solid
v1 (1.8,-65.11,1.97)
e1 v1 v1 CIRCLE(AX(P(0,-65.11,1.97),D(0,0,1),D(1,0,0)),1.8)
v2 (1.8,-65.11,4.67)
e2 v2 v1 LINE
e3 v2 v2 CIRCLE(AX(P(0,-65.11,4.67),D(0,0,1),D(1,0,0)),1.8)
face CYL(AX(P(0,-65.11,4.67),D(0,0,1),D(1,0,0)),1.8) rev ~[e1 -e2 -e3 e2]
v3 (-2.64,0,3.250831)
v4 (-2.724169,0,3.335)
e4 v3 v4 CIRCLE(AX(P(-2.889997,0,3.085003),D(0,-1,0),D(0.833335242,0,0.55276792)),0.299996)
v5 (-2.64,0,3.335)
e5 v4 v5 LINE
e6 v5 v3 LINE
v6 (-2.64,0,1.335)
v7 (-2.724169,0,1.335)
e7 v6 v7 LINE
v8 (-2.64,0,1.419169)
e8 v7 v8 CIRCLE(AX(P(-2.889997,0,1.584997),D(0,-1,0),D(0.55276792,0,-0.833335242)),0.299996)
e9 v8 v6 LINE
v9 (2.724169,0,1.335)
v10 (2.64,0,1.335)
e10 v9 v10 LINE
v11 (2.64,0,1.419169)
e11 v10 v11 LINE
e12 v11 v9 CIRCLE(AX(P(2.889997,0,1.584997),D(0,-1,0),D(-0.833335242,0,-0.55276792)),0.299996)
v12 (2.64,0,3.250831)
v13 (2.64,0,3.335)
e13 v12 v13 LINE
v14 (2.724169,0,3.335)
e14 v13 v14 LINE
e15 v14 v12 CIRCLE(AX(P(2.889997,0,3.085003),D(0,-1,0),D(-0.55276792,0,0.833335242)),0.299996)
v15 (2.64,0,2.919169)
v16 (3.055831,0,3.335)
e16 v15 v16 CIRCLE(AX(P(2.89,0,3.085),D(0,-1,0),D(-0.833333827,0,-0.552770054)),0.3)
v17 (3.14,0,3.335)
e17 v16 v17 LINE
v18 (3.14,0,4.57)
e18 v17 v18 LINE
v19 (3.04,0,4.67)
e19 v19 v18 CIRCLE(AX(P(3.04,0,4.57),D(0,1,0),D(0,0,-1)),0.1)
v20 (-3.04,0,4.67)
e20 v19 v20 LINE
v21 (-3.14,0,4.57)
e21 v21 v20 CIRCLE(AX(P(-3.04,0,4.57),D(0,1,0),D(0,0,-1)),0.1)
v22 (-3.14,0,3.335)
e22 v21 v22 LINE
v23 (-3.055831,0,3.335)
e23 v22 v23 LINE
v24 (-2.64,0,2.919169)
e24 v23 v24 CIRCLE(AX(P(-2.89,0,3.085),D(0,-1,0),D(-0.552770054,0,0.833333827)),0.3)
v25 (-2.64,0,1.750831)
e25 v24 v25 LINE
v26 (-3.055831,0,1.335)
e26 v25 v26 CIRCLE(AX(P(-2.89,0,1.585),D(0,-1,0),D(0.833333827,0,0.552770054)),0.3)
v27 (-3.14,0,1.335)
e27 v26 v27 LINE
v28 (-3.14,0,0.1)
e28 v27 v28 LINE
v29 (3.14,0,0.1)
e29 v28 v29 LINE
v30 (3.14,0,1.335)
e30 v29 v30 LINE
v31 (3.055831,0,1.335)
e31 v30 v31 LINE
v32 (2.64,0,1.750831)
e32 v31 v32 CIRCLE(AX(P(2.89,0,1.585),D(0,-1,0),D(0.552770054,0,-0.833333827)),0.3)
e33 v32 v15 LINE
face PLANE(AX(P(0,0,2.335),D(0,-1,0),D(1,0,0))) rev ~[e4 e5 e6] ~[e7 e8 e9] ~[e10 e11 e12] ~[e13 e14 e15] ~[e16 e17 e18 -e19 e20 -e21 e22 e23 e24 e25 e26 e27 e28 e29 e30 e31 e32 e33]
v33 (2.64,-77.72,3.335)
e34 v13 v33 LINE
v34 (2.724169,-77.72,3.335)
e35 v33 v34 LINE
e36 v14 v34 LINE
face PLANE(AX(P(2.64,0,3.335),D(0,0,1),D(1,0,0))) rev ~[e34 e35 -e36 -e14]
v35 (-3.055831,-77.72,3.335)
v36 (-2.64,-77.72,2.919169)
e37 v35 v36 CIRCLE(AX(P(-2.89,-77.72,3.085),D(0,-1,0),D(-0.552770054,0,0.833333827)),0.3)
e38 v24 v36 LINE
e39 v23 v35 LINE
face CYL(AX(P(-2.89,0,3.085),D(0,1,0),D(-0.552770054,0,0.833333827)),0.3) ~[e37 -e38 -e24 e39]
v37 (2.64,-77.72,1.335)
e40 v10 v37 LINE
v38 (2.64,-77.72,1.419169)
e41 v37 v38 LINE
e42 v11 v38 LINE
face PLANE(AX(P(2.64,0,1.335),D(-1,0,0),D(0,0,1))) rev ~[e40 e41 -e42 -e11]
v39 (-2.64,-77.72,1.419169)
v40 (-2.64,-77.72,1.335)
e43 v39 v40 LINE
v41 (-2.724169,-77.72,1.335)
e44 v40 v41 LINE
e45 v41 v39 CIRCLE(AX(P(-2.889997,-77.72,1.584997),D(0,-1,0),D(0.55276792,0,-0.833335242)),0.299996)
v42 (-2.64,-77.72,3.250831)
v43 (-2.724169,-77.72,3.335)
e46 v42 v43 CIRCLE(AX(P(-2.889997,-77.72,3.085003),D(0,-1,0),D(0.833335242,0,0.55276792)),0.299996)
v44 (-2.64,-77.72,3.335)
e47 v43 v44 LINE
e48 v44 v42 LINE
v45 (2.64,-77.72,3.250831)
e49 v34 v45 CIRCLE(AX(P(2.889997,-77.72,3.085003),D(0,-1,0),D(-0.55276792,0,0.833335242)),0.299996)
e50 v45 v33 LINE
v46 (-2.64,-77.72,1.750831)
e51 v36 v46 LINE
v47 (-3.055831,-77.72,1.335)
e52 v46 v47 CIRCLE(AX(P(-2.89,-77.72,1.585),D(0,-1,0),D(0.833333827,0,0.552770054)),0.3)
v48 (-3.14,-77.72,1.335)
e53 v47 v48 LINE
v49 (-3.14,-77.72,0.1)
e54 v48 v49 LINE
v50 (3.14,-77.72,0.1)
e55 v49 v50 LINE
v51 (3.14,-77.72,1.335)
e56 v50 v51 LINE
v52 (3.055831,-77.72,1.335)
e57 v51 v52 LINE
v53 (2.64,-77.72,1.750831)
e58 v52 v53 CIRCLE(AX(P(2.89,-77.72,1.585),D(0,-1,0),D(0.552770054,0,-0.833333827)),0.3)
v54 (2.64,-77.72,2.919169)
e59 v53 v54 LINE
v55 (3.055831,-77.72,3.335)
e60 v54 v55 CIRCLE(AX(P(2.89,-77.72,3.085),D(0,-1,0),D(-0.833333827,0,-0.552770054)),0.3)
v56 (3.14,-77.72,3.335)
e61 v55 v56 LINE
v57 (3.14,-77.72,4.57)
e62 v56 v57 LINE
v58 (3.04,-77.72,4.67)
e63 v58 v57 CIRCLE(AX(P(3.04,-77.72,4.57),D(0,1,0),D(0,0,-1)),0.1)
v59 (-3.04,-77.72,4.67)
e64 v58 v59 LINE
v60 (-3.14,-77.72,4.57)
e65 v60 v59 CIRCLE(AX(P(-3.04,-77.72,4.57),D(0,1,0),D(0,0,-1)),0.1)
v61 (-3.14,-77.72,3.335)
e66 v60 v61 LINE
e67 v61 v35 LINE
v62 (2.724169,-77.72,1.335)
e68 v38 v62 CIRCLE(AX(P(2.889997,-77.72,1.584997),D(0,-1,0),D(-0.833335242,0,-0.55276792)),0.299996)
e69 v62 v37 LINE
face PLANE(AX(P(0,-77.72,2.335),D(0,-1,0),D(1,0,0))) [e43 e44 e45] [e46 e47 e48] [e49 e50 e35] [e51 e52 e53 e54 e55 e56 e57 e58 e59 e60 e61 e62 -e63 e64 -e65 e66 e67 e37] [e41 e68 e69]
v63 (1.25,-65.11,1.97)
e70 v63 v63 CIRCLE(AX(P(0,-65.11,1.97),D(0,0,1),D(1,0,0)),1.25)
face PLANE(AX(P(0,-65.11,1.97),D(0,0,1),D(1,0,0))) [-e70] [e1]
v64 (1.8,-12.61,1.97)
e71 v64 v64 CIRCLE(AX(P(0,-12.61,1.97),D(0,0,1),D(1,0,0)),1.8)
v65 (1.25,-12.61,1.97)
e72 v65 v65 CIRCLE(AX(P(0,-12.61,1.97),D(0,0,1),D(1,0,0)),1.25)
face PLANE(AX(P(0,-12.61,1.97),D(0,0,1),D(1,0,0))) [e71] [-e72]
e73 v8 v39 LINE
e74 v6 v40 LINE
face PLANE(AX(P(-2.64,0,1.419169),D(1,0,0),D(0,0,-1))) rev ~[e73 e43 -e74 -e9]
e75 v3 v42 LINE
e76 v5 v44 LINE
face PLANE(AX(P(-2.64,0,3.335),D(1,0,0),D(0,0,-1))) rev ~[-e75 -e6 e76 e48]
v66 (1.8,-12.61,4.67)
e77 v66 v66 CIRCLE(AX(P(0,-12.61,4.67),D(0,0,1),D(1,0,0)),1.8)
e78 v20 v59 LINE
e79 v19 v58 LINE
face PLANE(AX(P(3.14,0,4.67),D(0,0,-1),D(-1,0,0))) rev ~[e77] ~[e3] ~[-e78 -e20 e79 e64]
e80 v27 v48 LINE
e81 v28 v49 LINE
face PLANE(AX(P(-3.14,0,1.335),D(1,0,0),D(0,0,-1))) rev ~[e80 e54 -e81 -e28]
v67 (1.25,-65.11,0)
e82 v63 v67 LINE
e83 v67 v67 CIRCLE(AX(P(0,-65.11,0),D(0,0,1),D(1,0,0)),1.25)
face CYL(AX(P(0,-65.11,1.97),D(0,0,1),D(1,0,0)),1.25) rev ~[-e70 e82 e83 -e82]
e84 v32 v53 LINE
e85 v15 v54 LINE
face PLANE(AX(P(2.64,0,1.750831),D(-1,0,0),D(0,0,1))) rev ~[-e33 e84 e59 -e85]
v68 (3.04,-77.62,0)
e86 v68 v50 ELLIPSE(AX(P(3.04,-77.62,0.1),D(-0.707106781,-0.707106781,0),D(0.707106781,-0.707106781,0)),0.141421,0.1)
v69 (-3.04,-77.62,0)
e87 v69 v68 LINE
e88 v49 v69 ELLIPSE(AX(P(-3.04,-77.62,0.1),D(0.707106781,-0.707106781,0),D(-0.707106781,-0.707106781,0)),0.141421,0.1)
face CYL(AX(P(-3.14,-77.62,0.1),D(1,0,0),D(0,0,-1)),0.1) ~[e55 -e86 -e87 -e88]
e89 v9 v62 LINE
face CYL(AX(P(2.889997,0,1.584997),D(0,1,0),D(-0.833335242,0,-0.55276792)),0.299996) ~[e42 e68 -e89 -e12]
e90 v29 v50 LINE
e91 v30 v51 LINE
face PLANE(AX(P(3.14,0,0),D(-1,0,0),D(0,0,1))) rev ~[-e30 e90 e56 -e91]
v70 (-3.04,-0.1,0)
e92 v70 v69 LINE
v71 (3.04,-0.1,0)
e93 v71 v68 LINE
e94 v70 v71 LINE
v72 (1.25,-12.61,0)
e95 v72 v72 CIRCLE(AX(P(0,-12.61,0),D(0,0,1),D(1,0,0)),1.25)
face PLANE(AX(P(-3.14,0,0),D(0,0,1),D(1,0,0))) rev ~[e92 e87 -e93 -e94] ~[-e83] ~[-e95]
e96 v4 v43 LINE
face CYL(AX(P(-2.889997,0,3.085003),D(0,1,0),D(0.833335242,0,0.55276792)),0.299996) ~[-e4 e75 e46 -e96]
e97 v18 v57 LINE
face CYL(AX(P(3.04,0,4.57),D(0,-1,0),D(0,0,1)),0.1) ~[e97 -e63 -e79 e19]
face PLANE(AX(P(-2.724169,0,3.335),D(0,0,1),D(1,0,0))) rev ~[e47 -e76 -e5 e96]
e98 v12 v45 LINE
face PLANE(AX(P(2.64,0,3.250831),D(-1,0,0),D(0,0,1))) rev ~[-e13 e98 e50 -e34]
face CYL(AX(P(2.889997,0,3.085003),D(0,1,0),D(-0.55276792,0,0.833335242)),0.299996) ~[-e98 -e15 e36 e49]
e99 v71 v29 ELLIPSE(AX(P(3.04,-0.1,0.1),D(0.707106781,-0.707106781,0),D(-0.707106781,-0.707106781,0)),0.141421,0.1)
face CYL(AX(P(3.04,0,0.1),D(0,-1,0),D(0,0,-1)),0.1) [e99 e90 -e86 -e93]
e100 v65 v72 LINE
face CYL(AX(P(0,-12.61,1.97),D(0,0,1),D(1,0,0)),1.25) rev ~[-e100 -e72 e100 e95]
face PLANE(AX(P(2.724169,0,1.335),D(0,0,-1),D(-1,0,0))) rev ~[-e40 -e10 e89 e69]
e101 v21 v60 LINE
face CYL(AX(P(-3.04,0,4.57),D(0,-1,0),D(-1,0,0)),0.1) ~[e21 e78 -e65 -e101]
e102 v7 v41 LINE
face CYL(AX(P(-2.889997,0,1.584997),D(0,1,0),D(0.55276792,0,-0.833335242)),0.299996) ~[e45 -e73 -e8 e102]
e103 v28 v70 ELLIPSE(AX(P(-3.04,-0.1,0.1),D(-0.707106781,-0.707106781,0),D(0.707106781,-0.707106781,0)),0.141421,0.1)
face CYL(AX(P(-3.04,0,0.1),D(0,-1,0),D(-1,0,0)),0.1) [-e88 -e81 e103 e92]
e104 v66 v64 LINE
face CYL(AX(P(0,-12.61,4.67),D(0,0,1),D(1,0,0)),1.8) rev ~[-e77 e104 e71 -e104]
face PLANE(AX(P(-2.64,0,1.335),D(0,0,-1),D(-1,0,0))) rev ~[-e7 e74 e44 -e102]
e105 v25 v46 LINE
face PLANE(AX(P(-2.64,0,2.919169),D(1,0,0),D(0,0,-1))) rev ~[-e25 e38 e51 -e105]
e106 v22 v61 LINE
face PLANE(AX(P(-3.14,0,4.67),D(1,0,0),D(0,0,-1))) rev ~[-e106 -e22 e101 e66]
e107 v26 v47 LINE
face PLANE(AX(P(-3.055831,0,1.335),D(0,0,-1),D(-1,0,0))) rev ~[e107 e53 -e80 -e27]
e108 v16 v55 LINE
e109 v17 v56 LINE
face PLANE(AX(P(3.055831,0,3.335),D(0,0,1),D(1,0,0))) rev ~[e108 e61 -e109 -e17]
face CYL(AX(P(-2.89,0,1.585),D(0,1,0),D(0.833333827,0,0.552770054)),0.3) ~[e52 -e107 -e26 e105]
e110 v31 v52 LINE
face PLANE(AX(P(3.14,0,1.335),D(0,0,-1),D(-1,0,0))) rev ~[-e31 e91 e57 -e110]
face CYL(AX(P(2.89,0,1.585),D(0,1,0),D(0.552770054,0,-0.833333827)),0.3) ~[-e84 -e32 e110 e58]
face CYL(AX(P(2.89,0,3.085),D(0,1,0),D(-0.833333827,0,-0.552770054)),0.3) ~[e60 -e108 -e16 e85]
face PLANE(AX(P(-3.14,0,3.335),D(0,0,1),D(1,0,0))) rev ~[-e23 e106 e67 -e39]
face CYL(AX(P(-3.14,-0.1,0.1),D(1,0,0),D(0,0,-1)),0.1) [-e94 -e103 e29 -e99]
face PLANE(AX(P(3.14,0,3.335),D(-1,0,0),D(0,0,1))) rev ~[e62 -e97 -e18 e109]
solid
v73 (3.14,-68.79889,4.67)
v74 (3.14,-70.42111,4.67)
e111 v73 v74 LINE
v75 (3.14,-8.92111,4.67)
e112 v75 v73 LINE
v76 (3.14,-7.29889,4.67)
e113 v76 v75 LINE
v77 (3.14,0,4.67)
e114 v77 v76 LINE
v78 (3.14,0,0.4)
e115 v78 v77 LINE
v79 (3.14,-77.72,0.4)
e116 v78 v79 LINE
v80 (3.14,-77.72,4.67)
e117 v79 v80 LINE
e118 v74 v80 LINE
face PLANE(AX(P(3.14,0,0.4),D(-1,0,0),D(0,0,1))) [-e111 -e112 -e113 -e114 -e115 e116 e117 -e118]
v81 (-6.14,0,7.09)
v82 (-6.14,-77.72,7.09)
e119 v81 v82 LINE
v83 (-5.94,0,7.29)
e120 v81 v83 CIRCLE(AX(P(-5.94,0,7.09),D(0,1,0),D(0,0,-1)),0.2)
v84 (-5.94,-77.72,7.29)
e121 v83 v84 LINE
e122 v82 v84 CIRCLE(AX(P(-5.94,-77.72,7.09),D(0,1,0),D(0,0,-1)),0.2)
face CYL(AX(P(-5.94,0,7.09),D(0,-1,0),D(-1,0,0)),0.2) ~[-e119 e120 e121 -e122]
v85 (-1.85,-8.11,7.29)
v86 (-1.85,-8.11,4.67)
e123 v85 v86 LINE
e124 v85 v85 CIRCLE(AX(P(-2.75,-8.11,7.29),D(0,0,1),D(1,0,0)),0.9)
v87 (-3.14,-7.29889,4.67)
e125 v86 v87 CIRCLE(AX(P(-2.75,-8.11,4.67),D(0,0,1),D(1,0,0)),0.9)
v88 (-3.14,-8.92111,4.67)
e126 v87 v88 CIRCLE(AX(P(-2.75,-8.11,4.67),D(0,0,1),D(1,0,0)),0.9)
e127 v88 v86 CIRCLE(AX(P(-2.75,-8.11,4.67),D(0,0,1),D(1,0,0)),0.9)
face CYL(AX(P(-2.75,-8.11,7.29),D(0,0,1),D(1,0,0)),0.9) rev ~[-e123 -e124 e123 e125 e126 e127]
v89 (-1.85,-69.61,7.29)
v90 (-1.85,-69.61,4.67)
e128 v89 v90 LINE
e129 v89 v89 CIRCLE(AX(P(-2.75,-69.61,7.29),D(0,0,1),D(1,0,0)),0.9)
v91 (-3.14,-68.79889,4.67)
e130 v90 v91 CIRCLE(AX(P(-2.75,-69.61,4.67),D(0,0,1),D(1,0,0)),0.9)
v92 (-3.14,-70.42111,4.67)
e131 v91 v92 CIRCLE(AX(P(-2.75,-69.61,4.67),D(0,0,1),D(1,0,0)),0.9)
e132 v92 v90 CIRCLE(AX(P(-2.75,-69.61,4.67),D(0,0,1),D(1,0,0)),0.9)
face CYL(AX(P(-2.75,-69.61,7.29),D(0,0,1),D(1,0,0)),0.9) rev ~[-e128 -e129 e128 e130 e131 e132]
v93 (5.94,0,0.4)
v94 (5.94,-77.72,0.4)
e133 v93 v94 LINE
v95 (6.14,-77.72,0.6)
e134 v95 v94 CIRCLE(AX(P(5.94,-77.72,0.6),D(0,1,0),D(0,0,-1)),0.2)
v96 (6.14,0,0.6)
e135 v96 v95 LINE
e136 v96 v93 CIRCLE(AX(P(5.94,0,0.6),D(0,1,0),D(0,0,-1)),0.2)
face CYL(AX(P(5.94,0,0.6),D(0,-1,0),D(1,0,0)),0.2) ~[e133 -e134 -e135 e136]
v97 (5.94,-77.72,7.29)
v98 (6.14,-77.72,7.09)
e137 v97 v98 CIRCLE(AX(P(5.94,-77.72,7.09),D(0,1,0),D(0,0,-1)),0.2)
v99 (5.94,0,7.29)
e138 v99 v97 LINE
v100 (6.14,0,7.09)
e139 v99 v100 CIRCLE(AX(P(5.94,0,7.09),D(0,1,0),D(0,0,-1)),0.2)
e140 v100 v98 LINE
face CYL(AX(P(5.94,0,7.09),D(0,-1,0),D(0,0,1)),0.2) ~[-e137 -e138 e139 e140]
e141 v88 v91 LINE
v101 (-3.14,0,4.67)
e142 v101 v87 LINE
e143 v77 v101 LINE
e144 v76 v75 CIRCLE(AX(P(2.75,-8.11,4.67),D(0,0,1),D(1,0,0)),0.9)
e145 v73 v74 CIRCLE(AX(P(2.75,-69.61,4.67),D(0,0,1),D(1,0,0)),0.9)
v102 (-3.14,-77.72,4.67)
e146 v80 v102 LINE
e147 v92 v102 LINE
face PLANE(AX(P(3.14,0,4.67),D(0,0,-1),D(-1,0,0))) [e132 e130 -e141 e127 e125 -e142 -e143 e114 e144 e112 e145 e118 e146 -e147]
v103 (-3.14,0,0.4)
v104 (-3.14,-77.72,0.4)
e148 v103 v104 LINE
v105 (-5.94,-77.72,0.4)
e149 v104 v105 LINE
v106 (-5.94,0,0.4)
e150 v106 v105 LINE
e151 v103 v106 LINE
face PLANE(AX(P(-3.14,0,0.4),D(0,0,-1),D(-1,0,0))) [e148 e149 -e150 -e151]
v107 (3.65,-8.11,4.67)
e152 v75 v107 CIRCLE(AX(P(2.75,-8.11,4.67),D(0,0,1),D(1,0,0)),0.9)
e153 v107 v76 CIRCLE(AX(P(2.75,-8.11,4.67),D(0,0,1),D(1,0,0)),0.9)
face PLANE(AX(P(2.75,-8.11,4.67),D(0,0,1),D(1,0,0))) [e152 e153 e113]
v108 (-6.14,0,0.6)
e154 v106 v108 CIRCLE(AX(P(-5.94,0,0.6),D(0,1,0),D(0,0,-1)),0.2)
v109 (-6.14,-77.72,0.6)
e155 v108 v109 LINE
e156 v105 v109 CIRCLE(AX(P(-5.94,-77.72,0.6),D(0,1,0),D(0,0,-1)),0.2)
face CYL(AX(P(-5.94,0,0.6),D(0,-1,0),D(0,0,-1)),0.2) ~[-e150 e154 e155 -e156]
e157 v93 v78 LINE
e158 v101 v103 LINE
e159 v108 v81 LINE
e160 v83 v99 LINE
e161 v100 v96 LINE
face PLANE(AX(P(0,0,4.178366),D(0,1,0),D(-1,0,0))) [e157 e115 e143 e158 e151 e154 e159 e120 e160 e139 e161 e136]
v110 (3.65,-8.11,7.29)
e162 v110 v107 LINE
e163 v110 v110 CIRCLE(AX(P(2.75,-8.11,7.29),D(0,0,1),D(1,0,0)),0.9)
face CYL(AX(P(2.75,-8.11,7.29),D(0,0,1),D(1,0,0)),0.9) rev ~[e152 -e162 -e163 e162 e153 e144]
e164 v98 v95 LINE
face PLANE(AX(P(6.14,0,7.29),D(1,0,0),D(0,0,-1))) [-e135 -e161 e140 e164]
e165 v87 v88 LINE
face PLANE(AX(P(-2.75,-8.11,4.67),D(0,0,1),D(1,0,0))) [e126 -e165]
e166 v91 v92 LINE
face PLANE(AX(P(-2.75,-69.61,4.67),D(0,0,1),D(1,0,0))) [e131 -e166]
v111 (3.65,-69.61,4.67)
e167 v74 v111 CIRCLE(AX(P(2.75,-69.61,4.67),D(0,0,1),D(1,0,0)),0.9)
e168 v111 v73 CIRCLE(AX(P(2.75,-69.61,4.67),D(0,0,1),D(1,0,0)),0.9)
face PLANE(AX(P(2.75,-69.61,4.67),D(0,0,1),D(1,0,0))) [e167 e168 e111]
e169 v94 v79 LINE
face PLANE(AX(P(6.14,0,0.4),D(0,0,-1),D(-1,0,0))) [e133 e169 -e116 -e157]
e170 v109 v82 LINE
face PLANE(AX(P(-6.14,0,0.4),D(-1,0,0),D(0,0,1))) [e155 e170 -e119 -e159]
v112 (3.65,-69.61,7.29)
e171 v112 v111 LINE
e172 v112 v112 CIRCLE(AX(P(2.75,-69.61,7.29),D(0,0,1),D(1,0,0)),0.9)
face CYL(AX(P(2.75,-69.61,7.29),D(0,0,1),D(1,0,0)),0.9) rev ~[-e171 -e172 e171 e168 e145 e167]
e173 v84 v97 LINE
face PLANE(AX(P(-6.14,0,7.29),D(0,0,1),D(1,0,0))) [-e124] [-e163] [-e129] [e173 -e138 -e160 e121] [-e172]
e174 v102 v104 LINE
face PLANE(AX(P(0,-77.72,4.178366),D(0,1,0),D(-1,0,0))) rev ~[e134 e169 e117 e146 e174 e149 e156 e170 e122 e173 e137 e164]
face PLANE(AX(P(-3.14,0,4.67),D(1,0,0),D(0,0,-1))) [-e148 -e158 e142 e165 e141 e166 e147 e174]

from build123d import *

# Parameters (mm, degrees)
F1_DEPTH  = 77.72
F2_R      = 0.1
F3_R      = 1.8
F4_DEPTH  = 2.7
F5_R      = 1.25
F6_DEPTH  = 1.97
F8_DEPTH  = 77.72
F9_R      = 0.2
F10_R     = 0.9
F11_DEPTH = 2.62


with BuildPart() as f1:
    # F0 (on Front) → F1 (new body)
    with BuildSketch(Plane.XZ):
        with BuildLine():
            Line((-3.14, 1.335), (-3.14, 0))
            Line((-3.14, 0), (3.14, 0))
            Line((3.14, 0), (3.14, 1.335))
            Line((3.14, 1.335), (3.055831, 1.335))
            ThreePointArc((3.055831, 1.335), (3.102132, 1.797132), (2.64, 1.750831))
            Line((2.64, 1.750831), (2.64, 2.919169))
            ThreePointArc((2.64, 2.919169), (3.102132, 2.872868), (3.055831, 3.335))
            Line((3.055831, 3.335), (3.14, 3.335))
            Line((3.14, 3.335), (3.14, 4.67))
            Line((3.14, 4.67), (-3.14, 4.67))
            Line((-3.14, 4.67), (-3.14, 3.335))
            Line((-3.14, 3.335), (-3.055831, 3.335))
            ThreePointArc((-3.055831, 3.335), (-3.102132, 2.872868), (-2.64, 2.919169))
            Line((-2.64, 2.919169), (-2.64, 1.750831))
            ThreePointArc((-2.64, 1.750831), (-3.102132, 1.797132), (-3.055831, 1.335))
            Line((-3.055831, 1.335), (-3.14, 1.335))
        make_face()
        with BuildLine():
            Line((-2.64, 1.419169), (-2.64, 1.335))
            Line((-2.64, 1.335), (-2.724169, 1.335))
            ThreePointArc((-2.724169, 1.335), (-2.677868, 1.372868), (-2.64, 1.419169))
        make_face(mode=Mode.SUBTRACT)
        with BuildLine():
            Line((2.64, 1.335), (2.64, 1.419169))
            ThreePointArc((2.64, 1.419169), (2.677868, 1.372868), (2.724169, 1.335))
            Line((2.724169, 1.335), (2.64, 1.335))
        make_face(mode=Mode.SUBTRACT)
        with BuildLine():
            Line((-2.724169, 3.335), (-2.64, 3.335))
            Line((-2.64, 3.335), (-2.64, 3.250831))
            ThreePointArc((-2.64, 3.250831), (-2.677868, 3.297132), (-2.724169, 3.335))
        make_face(mode=Mode.SUBTRACT)
        with BuildLine():
            ThreePointArc((2.724169, 3.335), (2.677868, 3.297132), (2.64, 3.250831))
            Line((2.64, 3.250831), (2.64, 3.335))
            Line((2.64, 3.335), (2.724169, 3.335))
        make_face(mode=Mode.SUBTRACT)
    extrude(amount=F1_DEPTH)

    # F2
    f2_edges = [f1.edges().sort_by_distance(p)[0] for p in [
        (-3.14, -38.86, 4.67),
        (-3.14, -38.86, 0),
        (3.14, -38.86, 0),
        (0, 0, 0),
        (0, -77.72, 0),
        (3.14, -38.86, 4.67),
    ]]
    fillet(f2_edges, radius=F2_R)

    # F3 (on face) → F4 (cut)
    with BuildSketch(Plane.XY.offset(4.67)):
        with Locations((0, -65.11)):
            Circle(F3_R)
        with Locations((0, -12.61)):
            Circle(F3_R)
    extrude(amount=-F4_DEPTH, mode=Mode.SUBTRACT)

    # F5 (on face) → F6 (cut, through all)
    with BuildSketch(Plane.XY.offset(1.97)):
        with Locations((0, -65.11)):
            Circle(F5_R)
        with Locations((0, -12.61)):
            Circle(F5_R)
    extrude(amount=-F6_DEPTH, mode=Mode.SUBTRACT)


with BuildPart() as f8:
    # F7 (on face) → F8 (new body)
    with BuildSketch(Plane(origin=(0, 0, 0), x_dir=(-1, 0, 0), z_dir=(0, 1, 0))):
        Polygon((3.14, 4.67), (3.14, 0.4), (6.14, 0.4), (6.14, 7.29), (-6.14, 7.29), (-6.14, 0.4), (-3.14, 0.4), (-3.14, 4.67), align=None)
    extrude(amount=-F8_DEPTH)

    # F9
    f9_edges = [f8.edges().sort_by_distance(p)[0] for p in [
        (6.14, -38.86, 7.29),
        (-6.14, -38.86, 7.29),
        (-6.14, -38.86, 0.4),
        (6.14, -38.86, 0.4),
    ]]
    fillet(f9_edges, radius=F9_R)

    # F10 (on face) → F11 (cut, through all)
    with BuildSketch(Plane.XY.offset(7.29)):
        with Locations((-2.75, -8.11)):
            Circle(F10_R)
        with Locations((2.75, -8.11)):
            Circle(F10_R)
        with Locations((-2.75, -69.61)):
            Circle(F10_R)
        with Locations((2.75, -69.61)):
            Circle(F10_R)
    extrude(amount=-F11_DEPTH, mode=Mode.SUBTRACT)


solid = Compound([f1.part, f8.part])
